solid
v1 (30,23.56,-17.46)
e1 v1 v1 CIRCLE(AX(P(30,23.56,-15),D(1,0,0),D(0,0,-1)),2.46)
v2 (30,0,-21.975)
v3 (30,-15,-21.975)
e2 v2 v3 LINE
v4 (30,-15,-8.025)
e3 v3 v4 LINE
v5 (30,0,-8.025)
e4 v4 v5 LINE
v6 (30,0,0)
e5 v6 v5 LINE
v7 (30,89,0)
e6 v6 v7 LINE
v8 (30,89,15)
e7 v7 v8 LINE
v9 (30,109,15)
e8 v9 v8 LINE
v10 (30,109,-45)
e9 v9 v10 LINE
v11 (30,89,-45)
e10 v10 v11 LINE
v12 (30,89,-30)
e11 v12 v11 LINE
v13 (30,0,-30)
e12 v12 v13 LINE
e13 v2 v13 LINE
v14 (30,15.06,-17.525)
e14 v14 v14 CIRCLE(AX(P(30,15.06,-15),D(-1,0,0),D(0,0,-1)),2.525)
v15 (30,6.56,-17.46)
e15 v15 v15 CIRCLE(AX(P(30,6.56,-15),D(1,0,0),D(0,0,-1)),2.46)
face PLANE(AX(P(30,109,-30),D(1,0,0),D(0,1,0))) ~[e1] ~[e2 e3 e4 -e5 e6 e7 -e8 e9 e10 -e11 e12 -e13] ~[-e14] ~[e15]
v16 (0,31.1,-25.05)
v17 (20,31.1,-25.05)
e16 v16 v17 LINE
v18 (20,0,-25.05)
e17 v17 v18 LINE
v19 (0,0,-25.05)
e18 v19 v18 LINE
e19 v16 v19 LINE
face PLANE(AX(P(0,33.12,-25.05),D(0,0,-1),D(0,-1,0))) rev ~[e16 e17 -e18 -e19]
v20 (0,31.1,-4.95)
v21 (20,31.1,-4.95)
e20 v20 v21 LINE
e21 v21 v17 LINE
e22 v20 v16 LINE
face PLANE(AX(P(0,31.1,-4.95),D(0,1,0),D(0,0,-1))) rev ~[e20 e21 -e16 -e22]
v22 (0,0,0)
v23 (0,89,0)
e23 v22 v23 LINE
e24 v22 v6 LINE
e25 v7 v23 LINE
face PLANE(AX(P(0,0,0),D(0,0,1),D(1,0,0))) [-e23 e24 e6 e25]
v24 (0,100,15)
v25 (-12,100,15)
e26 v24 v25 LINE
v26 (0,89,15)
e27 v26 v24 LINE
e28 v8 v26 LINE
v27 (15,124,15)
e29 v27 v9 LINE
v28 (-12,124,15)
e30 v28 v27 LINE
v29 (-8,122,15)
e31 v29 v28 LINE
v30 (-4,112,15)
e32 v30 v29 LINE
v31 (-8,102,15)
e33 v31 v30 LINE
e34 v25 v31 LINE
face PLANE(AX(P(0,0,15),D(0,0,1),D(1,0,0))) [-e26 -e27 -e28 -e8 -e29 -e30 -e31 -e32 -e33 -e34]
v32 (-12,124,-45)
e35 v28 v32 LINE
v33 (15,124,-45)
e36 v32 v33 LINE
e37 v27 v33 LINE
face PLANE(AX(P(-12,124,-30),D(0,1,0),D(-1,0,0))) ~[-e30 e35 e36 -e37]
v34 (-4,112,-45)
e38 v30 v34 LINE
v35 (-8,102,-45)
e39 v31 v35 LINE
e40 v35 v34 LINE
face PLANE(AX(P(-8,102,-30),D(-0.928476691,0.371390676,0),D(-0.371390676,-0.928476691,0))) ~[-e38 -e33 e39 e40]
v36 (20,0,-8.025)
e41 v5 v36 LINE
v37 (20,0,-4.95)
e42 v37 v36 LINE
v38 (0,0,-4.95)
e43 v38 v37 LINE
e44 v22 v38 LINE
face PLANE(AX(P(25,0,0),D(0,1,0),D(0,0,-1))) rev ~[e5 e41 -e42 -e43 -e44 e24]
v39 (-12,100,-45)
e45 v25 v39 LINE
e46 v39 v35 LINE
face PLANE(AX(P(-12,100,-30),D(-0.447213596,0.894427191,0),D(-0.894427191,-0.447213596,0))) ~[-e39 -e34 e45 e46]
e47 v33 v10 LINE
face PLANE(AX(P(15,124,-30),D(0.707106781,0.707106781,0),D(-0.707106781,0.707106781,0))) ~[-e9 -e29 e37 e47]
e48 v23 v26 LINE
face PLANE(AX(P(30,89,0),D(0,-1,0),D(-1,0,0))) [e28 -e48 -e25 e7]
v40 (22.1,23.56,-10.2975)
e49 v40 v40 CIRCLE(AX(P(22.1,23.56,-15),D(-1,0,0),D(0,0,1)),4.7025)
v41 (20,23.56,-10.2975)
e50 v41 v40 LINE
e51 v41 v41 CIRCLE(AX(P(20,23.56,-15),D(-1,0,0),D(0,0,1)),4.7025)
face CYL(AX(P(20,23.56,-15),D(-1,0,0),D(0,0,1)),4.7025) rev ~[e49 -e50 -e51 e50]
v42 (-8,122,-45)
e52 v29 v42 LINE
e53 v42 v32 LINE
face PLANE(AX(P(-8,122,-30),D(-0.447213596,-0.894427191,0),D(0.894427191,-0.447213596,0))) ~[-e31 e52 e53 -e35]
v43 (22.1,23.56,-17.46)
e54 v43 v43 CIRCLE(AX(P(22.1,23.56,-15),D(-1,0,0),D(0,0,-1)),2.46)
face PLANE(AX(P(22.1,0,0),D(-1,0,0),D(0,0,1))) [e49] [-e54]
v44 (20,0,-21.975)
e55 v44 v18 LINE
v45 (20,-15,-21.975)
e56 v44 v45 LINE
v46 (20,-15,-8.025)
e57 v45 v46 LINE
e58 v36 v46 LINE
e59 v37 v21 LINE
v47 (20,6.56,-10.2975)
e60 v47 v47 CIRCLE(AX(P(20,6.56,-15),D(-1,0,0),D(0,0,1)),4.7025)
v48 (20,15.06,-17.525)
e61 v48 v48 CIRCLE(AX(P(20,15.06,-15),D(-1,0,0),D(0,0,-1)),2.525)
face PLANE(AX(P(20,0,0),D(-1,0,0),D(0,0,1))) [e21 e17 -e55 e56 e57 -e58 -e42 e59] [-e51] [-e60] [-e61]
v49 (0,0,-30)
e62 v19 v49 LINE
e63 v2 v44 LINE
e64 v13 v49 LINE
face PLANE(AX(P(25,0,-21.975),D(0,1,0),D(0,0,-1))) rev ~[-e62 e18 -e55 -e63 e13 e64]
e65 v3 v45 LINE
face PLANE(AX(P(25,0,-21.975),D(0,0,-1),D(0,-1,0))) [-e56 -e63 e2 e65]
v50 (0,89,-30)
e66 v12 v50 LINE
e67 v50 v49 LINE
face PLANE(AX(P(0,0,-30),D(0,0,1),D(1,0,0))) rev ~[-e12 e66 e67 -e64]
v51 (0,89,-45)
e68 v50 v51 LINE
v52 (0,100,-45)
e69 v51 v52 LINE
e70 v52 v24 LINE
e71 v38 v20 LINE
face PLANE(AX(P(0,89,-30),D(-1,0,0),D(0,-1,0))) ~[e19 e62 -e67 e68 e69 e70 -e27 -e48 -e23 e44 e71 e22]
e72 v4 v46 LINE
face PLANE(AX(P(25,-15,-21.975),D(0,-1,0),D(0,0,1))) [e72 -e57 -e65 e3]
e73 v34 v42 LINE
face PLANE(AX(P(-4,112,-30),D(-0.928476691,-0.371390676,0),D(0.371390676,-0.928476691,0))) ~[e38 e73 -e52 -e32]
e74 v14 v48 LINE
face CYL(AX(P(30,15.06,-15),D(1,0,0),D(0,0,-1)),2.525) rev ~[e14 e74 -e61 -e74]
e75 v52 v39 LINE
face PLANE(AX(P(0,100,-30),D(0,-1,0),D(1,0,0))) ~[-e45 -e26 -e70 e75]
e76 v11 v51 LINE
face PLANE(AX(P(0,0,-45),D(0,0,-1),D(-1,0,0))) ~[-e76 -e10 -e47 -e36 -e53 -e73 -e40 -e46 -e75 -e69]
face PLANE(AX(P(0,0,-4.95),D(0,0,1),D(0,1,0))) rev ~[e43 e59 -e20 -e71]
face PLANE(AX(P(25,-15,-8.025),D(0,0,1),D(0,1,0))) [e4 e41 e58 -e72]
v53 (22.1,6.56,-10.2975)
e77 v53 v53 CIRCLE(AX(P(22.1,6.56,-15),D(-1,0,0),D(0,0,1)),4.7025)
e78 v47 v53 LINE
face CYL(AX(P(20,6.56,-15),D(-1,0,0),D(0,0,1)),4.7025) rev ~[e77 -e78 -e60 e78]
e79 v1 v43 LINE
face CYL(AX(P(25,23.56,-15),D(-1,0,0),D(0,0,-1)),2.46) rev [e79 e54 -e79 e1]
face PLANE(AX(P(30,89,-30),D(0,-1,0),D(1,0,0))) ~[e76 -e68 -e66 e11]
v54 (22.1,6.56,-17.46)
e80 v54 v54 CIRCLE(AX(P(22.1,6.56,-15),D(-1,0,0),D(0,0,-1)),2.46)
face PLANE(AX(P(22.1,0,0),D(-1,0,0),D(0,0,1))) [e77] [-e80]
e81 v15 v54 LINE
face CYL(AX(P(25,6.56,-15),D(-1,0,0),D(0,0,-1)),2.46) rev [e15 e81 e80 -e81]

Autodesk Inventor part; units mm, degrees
ref_plane "YZ Plane" through (0, 0, 0) normal (1, 0, 0) x (0, 1, 0)
ref_plane "XZ Plane" through (0, 0, 0) normal (0, 1, 0) x (-1, 0, 0)
sketch "Sketch1" plane through (0, 0, 0) normal (0, 0, 1) x (1, 0, 0)
  line L0 (0, 0) -> (25, 0)
  line L1 (25, 0) -> (25, 40)
  line L2 (25, 40) -> (0, 40)
  line L3 (0, 40) -> (0, 0)
  dimension "d1" = 25
  dimension "d2" = 40
  dimension "d3" = 25
extrude "Extrusion1" add sketch "Sketch1" against normal blind 30
sketch "Sketch2" plane through (25, 0, 0) normal (1, 0, 0) x (0, 0, -1)
  line L0 (0, 0) -> (30, 0) projected
  circle A0 centre (15, 6.56) radius 2.46
extrude "Extrusion2" cut sketch "Sketch2" against normal blind 30
sketch "Sketch3" plane through (0, 0, 0) normal (-1, 0, 0) x (0, 0, 1)
  line L0 (0, 0) -> (-30, 0) projected
  line L1 (-25.05, 0) -> (-4.95, 0)
  line L2 (-4.95, 0) -> (-4.95, 33.12)
  line L3 (-4.95, 33.12) -> (-25.05, 33.12)
  line L4 (-25.05, 33.12) -> (-25.05, 0)
  dimension "d11" = 20.1
extrude "Extrusion3" cut sketch "Sketch3" against normal blind 20
sketch "Sketch4" plane through (0, 0, 0) normal (0, -1, 0) x (1, 0, 0)
  line L0 (20, -4.95) -> (20, -25.05) projected
  line L1 (20, -15) -> (25, -15)
  line L2 (25, 0) -> (25, -30) projected
  line L3 (20, -8.025) -> (25, -8.025)
  line L4 (25, -8.025) -> (25, -21.975)
  line L5 (25, -21.975) -> (20, -21.975)
  line L6 (20, -21.975) -> (20, -8.025)
  line L7 (20, -8.025) -> (25, -21.975) construction
  line L8 (25, -8.025) -> (20, -21.975) construction
  line L9 (25, -12.54) -> (25, -17.46) projected
  point P0 (0, 0)
  point P1 (22.5, -15)
  dimension "d14" = 13.95
extrude "Extrusion4" add sketch "Sketch4" along normal blind 15
sketch "Sketch5" plane through (20, 0, 0) normal (-1, 0, 0) x (0, 0, 1)
  circle A0 centre (-15, 6.56) radius 2.46 projected
  circle A1 centre (-15, 6.56) radius 4.7025
  circle A2 centre (-15, 6.56) radius 2.46 projected
  circle A3 centre (-15, 6.56) radius 2.46
  point P0 (0, 0)
  dimension "d17" = 9.405
extrude "Extrusion5" cut sketch "Sketch5" against normal blind 2.1
sketch "Sketch6" plane through (25, 0, 0) normal (1, 0, 0) x (0, 0, -1)
  circle A0 centre (15, 6.56) radius 4.7025 projected
  line L0 (15, 6.56) -> (15, 23.56)
  circle A1 centre (15, 23.56) radius 2.46
  point P0 (0, 0)
  dimension "d20" = 17
  dimension "d21" = 4.92
extrude "Extrusion6" cut sketch "Sketch6" against normal blind 10 contours A1
sketch "Sketch7" plane through (20, 0, 0) normal (-1, 0, 0) x (0, 0, 1)
  circle A0 centre (-15, 23.56) radius 2.46 projected
  circle A1 centre (-15, 23.56) radius 4.7025
  point P0 (0, 0)
  dimension "d24" = 9.405
extrude "Extrusion7" cut sketch "Sketch7" against normal blind 2.1
sketch "Sketch9" plane through (25, 0, 0) normal (1, 0, 0) x (0, 0, -1)
  circle A0 centre (15, 6.56) radius 2.46 projected
  circle A1 centre (15, 6.56) radius 2.46
  circle A2 centre (15, 23.56) radius 2.46 projected
  circle A3 centre (15, 23.56) radius 2.46
  line L0 (30, 40) -> (30, 0) projected
  line L1 (30, 0) -> (30, 40)
  line L2 (30, 40) -> (0, 40)
  line L3 (0, 40) -> (0, 0)
  line L4 (0, 0) -> (8.025, 0) projected
  line L5 (21.975, 0) -> (21.975, -15)
  line L6 (21.975, -15) -> (8.025, -15)
  line L7 (8.025, -15) -> (8.025, 0)
  line L8 (0, 0) -> (8.025, 0)
  line L9 (21.975, 0) -> (30, 0)
extrude "Extrusion8" add sketch "Sketch9" along normal blind 5
sketch "Sketch10" plane through (0, 40, 0) normal (0, 1, 0) x (1, 0, 0)
  line L0 (0, 30) -> (30, 30) projected
  line L1 (30, 0) -> (0, 0) projected
  line L2 (0, 30) -> (30, 30)
  line L3 (30, 30) -> (30, 0)
  line L4 (30, 0) -> (0, 0)
  line L5 (0, 0) -> (0, 30)
extrude "Extrusion9" add sketch "Sketch10" along normal blind 30
sketch "Sketch12" plane through (30, 0, 0) normal (1, 0, 0) x (0, 0, -1)
  circle A0 centre (15, 6.56) radius 2.46 projected
  line L0 (15, 6.56) -> (15, 15.06)
  circle A1 centre (15, 15.06) radius 2.525
  point P0 (0, 0)
  dimension "d31" = 8.5
  dimension "d33" = 5.05
extrude "Extrusion10" cut sketch "Sketch12" against normal blind 30 contours A1
sketch "Sketch14" plane through (0, 0, 0) normal (0, 0, 1) x (1, 0, 0)
  line L0 (30, 70) -> (0, 70) projected
  line L1 (0, 70) -> (0, 85)
  line L2 (30, 0) -> (30, 70) projected
  line L3 (30, 109) -> (30, 70)
  line L4 (30, 105) -> (30, 100)
  line L5 (-12, 124) -> (15, 124)
  line L6 (-8, 122) -> (-12, 124)
  line L7 (-8, 122) -> (-4, 112)
  line L8 (-8, 102) -> (-12, 100)
  line L9 (-8, 102) -> (-4, 112)
  line L10 (30, 109) -> (15, 124)
  line L11 (0, 85) -> (0, 100)
  line L12 (0, 100) -> (-12, 100)
  point P0 (0, 0)
  dimension "d69" = 12
extrude "Extrusion12" add sketch "Sketch14" against normal blind 30
sketch "Sketch15" plane through (0, 0, -25.05) normal (-1, 0, 0) x (0, 0, 1)
  line L0 (0, 33.12) -> (20.1, 33.12) projected
  line L1 (20.1, 33.12) -> (20.1, 0) projected
  line L2 (0, 33.12) -> (20.1, 33.12)
  line L3 (20.1, 33.12) -> (20.1, 31.1)
  line L4 (20.1, 31.1) -> (0, 31.1)
  line L5 (0, 31.1) -> (0, 33.12)
  point P0 (25.05, 0)
  dimension "d57" = 2.02
extrude "Extrusion13" add sketch "Sketch15" against normal blind 20
sketch "Sketch19" plane through (0, 0, 0) normal (0, 0, 1) x (1, 0, 0)
  line L0 (0, 100) -> (-12, 100) projected
  line L1 (0, 100) -> (-12, 100)
  line L2 (-12, 100) -> (-8, 102) projected
  line L3 (-12, 100) -> (-8, 102)
  line L4 (-8, 102) -> (-4, 112) projected
  line L5 (-8, 102) -> (-4, 112)
  line L6 (-4, 112) -> (-8, 122) projected
  line L7 (-4, 112) -> (-8, 122)
  line L8 (-8, 122) -> (-12, 124) projected
  line L9 (-8, 122) -> (-12, 124)
  line L10 (-12, 124) -> (15, 124) projected
  line L11 (-12, 124) -> (15, 124)
  line L12 (15, 124) -> (30, 109) projected
  line L13 (15, 124) -> (30, 109)
  line L14 (30, 109) -> (30, 89)
  line L15 (30, 89) -> (0, 89)
  line L16 (0, 89) -> (0, 100)
  point P0 (0, 0)
  dimension "d71" = 20
  dimension "d72" = 30
extrude "Extrusion14" add sketch "Sketch19" along normal blind 15
ref_plane "Work Plane1" through (0, 0, -15) normal (0, 0, 1) x (1, 0, 0)
mirror "Mirror1" about plane through (0, 0, -15) normal (0, 0, 1) of "Extrusion14"
properties part number "rec_b_20mm_x_60mm"
